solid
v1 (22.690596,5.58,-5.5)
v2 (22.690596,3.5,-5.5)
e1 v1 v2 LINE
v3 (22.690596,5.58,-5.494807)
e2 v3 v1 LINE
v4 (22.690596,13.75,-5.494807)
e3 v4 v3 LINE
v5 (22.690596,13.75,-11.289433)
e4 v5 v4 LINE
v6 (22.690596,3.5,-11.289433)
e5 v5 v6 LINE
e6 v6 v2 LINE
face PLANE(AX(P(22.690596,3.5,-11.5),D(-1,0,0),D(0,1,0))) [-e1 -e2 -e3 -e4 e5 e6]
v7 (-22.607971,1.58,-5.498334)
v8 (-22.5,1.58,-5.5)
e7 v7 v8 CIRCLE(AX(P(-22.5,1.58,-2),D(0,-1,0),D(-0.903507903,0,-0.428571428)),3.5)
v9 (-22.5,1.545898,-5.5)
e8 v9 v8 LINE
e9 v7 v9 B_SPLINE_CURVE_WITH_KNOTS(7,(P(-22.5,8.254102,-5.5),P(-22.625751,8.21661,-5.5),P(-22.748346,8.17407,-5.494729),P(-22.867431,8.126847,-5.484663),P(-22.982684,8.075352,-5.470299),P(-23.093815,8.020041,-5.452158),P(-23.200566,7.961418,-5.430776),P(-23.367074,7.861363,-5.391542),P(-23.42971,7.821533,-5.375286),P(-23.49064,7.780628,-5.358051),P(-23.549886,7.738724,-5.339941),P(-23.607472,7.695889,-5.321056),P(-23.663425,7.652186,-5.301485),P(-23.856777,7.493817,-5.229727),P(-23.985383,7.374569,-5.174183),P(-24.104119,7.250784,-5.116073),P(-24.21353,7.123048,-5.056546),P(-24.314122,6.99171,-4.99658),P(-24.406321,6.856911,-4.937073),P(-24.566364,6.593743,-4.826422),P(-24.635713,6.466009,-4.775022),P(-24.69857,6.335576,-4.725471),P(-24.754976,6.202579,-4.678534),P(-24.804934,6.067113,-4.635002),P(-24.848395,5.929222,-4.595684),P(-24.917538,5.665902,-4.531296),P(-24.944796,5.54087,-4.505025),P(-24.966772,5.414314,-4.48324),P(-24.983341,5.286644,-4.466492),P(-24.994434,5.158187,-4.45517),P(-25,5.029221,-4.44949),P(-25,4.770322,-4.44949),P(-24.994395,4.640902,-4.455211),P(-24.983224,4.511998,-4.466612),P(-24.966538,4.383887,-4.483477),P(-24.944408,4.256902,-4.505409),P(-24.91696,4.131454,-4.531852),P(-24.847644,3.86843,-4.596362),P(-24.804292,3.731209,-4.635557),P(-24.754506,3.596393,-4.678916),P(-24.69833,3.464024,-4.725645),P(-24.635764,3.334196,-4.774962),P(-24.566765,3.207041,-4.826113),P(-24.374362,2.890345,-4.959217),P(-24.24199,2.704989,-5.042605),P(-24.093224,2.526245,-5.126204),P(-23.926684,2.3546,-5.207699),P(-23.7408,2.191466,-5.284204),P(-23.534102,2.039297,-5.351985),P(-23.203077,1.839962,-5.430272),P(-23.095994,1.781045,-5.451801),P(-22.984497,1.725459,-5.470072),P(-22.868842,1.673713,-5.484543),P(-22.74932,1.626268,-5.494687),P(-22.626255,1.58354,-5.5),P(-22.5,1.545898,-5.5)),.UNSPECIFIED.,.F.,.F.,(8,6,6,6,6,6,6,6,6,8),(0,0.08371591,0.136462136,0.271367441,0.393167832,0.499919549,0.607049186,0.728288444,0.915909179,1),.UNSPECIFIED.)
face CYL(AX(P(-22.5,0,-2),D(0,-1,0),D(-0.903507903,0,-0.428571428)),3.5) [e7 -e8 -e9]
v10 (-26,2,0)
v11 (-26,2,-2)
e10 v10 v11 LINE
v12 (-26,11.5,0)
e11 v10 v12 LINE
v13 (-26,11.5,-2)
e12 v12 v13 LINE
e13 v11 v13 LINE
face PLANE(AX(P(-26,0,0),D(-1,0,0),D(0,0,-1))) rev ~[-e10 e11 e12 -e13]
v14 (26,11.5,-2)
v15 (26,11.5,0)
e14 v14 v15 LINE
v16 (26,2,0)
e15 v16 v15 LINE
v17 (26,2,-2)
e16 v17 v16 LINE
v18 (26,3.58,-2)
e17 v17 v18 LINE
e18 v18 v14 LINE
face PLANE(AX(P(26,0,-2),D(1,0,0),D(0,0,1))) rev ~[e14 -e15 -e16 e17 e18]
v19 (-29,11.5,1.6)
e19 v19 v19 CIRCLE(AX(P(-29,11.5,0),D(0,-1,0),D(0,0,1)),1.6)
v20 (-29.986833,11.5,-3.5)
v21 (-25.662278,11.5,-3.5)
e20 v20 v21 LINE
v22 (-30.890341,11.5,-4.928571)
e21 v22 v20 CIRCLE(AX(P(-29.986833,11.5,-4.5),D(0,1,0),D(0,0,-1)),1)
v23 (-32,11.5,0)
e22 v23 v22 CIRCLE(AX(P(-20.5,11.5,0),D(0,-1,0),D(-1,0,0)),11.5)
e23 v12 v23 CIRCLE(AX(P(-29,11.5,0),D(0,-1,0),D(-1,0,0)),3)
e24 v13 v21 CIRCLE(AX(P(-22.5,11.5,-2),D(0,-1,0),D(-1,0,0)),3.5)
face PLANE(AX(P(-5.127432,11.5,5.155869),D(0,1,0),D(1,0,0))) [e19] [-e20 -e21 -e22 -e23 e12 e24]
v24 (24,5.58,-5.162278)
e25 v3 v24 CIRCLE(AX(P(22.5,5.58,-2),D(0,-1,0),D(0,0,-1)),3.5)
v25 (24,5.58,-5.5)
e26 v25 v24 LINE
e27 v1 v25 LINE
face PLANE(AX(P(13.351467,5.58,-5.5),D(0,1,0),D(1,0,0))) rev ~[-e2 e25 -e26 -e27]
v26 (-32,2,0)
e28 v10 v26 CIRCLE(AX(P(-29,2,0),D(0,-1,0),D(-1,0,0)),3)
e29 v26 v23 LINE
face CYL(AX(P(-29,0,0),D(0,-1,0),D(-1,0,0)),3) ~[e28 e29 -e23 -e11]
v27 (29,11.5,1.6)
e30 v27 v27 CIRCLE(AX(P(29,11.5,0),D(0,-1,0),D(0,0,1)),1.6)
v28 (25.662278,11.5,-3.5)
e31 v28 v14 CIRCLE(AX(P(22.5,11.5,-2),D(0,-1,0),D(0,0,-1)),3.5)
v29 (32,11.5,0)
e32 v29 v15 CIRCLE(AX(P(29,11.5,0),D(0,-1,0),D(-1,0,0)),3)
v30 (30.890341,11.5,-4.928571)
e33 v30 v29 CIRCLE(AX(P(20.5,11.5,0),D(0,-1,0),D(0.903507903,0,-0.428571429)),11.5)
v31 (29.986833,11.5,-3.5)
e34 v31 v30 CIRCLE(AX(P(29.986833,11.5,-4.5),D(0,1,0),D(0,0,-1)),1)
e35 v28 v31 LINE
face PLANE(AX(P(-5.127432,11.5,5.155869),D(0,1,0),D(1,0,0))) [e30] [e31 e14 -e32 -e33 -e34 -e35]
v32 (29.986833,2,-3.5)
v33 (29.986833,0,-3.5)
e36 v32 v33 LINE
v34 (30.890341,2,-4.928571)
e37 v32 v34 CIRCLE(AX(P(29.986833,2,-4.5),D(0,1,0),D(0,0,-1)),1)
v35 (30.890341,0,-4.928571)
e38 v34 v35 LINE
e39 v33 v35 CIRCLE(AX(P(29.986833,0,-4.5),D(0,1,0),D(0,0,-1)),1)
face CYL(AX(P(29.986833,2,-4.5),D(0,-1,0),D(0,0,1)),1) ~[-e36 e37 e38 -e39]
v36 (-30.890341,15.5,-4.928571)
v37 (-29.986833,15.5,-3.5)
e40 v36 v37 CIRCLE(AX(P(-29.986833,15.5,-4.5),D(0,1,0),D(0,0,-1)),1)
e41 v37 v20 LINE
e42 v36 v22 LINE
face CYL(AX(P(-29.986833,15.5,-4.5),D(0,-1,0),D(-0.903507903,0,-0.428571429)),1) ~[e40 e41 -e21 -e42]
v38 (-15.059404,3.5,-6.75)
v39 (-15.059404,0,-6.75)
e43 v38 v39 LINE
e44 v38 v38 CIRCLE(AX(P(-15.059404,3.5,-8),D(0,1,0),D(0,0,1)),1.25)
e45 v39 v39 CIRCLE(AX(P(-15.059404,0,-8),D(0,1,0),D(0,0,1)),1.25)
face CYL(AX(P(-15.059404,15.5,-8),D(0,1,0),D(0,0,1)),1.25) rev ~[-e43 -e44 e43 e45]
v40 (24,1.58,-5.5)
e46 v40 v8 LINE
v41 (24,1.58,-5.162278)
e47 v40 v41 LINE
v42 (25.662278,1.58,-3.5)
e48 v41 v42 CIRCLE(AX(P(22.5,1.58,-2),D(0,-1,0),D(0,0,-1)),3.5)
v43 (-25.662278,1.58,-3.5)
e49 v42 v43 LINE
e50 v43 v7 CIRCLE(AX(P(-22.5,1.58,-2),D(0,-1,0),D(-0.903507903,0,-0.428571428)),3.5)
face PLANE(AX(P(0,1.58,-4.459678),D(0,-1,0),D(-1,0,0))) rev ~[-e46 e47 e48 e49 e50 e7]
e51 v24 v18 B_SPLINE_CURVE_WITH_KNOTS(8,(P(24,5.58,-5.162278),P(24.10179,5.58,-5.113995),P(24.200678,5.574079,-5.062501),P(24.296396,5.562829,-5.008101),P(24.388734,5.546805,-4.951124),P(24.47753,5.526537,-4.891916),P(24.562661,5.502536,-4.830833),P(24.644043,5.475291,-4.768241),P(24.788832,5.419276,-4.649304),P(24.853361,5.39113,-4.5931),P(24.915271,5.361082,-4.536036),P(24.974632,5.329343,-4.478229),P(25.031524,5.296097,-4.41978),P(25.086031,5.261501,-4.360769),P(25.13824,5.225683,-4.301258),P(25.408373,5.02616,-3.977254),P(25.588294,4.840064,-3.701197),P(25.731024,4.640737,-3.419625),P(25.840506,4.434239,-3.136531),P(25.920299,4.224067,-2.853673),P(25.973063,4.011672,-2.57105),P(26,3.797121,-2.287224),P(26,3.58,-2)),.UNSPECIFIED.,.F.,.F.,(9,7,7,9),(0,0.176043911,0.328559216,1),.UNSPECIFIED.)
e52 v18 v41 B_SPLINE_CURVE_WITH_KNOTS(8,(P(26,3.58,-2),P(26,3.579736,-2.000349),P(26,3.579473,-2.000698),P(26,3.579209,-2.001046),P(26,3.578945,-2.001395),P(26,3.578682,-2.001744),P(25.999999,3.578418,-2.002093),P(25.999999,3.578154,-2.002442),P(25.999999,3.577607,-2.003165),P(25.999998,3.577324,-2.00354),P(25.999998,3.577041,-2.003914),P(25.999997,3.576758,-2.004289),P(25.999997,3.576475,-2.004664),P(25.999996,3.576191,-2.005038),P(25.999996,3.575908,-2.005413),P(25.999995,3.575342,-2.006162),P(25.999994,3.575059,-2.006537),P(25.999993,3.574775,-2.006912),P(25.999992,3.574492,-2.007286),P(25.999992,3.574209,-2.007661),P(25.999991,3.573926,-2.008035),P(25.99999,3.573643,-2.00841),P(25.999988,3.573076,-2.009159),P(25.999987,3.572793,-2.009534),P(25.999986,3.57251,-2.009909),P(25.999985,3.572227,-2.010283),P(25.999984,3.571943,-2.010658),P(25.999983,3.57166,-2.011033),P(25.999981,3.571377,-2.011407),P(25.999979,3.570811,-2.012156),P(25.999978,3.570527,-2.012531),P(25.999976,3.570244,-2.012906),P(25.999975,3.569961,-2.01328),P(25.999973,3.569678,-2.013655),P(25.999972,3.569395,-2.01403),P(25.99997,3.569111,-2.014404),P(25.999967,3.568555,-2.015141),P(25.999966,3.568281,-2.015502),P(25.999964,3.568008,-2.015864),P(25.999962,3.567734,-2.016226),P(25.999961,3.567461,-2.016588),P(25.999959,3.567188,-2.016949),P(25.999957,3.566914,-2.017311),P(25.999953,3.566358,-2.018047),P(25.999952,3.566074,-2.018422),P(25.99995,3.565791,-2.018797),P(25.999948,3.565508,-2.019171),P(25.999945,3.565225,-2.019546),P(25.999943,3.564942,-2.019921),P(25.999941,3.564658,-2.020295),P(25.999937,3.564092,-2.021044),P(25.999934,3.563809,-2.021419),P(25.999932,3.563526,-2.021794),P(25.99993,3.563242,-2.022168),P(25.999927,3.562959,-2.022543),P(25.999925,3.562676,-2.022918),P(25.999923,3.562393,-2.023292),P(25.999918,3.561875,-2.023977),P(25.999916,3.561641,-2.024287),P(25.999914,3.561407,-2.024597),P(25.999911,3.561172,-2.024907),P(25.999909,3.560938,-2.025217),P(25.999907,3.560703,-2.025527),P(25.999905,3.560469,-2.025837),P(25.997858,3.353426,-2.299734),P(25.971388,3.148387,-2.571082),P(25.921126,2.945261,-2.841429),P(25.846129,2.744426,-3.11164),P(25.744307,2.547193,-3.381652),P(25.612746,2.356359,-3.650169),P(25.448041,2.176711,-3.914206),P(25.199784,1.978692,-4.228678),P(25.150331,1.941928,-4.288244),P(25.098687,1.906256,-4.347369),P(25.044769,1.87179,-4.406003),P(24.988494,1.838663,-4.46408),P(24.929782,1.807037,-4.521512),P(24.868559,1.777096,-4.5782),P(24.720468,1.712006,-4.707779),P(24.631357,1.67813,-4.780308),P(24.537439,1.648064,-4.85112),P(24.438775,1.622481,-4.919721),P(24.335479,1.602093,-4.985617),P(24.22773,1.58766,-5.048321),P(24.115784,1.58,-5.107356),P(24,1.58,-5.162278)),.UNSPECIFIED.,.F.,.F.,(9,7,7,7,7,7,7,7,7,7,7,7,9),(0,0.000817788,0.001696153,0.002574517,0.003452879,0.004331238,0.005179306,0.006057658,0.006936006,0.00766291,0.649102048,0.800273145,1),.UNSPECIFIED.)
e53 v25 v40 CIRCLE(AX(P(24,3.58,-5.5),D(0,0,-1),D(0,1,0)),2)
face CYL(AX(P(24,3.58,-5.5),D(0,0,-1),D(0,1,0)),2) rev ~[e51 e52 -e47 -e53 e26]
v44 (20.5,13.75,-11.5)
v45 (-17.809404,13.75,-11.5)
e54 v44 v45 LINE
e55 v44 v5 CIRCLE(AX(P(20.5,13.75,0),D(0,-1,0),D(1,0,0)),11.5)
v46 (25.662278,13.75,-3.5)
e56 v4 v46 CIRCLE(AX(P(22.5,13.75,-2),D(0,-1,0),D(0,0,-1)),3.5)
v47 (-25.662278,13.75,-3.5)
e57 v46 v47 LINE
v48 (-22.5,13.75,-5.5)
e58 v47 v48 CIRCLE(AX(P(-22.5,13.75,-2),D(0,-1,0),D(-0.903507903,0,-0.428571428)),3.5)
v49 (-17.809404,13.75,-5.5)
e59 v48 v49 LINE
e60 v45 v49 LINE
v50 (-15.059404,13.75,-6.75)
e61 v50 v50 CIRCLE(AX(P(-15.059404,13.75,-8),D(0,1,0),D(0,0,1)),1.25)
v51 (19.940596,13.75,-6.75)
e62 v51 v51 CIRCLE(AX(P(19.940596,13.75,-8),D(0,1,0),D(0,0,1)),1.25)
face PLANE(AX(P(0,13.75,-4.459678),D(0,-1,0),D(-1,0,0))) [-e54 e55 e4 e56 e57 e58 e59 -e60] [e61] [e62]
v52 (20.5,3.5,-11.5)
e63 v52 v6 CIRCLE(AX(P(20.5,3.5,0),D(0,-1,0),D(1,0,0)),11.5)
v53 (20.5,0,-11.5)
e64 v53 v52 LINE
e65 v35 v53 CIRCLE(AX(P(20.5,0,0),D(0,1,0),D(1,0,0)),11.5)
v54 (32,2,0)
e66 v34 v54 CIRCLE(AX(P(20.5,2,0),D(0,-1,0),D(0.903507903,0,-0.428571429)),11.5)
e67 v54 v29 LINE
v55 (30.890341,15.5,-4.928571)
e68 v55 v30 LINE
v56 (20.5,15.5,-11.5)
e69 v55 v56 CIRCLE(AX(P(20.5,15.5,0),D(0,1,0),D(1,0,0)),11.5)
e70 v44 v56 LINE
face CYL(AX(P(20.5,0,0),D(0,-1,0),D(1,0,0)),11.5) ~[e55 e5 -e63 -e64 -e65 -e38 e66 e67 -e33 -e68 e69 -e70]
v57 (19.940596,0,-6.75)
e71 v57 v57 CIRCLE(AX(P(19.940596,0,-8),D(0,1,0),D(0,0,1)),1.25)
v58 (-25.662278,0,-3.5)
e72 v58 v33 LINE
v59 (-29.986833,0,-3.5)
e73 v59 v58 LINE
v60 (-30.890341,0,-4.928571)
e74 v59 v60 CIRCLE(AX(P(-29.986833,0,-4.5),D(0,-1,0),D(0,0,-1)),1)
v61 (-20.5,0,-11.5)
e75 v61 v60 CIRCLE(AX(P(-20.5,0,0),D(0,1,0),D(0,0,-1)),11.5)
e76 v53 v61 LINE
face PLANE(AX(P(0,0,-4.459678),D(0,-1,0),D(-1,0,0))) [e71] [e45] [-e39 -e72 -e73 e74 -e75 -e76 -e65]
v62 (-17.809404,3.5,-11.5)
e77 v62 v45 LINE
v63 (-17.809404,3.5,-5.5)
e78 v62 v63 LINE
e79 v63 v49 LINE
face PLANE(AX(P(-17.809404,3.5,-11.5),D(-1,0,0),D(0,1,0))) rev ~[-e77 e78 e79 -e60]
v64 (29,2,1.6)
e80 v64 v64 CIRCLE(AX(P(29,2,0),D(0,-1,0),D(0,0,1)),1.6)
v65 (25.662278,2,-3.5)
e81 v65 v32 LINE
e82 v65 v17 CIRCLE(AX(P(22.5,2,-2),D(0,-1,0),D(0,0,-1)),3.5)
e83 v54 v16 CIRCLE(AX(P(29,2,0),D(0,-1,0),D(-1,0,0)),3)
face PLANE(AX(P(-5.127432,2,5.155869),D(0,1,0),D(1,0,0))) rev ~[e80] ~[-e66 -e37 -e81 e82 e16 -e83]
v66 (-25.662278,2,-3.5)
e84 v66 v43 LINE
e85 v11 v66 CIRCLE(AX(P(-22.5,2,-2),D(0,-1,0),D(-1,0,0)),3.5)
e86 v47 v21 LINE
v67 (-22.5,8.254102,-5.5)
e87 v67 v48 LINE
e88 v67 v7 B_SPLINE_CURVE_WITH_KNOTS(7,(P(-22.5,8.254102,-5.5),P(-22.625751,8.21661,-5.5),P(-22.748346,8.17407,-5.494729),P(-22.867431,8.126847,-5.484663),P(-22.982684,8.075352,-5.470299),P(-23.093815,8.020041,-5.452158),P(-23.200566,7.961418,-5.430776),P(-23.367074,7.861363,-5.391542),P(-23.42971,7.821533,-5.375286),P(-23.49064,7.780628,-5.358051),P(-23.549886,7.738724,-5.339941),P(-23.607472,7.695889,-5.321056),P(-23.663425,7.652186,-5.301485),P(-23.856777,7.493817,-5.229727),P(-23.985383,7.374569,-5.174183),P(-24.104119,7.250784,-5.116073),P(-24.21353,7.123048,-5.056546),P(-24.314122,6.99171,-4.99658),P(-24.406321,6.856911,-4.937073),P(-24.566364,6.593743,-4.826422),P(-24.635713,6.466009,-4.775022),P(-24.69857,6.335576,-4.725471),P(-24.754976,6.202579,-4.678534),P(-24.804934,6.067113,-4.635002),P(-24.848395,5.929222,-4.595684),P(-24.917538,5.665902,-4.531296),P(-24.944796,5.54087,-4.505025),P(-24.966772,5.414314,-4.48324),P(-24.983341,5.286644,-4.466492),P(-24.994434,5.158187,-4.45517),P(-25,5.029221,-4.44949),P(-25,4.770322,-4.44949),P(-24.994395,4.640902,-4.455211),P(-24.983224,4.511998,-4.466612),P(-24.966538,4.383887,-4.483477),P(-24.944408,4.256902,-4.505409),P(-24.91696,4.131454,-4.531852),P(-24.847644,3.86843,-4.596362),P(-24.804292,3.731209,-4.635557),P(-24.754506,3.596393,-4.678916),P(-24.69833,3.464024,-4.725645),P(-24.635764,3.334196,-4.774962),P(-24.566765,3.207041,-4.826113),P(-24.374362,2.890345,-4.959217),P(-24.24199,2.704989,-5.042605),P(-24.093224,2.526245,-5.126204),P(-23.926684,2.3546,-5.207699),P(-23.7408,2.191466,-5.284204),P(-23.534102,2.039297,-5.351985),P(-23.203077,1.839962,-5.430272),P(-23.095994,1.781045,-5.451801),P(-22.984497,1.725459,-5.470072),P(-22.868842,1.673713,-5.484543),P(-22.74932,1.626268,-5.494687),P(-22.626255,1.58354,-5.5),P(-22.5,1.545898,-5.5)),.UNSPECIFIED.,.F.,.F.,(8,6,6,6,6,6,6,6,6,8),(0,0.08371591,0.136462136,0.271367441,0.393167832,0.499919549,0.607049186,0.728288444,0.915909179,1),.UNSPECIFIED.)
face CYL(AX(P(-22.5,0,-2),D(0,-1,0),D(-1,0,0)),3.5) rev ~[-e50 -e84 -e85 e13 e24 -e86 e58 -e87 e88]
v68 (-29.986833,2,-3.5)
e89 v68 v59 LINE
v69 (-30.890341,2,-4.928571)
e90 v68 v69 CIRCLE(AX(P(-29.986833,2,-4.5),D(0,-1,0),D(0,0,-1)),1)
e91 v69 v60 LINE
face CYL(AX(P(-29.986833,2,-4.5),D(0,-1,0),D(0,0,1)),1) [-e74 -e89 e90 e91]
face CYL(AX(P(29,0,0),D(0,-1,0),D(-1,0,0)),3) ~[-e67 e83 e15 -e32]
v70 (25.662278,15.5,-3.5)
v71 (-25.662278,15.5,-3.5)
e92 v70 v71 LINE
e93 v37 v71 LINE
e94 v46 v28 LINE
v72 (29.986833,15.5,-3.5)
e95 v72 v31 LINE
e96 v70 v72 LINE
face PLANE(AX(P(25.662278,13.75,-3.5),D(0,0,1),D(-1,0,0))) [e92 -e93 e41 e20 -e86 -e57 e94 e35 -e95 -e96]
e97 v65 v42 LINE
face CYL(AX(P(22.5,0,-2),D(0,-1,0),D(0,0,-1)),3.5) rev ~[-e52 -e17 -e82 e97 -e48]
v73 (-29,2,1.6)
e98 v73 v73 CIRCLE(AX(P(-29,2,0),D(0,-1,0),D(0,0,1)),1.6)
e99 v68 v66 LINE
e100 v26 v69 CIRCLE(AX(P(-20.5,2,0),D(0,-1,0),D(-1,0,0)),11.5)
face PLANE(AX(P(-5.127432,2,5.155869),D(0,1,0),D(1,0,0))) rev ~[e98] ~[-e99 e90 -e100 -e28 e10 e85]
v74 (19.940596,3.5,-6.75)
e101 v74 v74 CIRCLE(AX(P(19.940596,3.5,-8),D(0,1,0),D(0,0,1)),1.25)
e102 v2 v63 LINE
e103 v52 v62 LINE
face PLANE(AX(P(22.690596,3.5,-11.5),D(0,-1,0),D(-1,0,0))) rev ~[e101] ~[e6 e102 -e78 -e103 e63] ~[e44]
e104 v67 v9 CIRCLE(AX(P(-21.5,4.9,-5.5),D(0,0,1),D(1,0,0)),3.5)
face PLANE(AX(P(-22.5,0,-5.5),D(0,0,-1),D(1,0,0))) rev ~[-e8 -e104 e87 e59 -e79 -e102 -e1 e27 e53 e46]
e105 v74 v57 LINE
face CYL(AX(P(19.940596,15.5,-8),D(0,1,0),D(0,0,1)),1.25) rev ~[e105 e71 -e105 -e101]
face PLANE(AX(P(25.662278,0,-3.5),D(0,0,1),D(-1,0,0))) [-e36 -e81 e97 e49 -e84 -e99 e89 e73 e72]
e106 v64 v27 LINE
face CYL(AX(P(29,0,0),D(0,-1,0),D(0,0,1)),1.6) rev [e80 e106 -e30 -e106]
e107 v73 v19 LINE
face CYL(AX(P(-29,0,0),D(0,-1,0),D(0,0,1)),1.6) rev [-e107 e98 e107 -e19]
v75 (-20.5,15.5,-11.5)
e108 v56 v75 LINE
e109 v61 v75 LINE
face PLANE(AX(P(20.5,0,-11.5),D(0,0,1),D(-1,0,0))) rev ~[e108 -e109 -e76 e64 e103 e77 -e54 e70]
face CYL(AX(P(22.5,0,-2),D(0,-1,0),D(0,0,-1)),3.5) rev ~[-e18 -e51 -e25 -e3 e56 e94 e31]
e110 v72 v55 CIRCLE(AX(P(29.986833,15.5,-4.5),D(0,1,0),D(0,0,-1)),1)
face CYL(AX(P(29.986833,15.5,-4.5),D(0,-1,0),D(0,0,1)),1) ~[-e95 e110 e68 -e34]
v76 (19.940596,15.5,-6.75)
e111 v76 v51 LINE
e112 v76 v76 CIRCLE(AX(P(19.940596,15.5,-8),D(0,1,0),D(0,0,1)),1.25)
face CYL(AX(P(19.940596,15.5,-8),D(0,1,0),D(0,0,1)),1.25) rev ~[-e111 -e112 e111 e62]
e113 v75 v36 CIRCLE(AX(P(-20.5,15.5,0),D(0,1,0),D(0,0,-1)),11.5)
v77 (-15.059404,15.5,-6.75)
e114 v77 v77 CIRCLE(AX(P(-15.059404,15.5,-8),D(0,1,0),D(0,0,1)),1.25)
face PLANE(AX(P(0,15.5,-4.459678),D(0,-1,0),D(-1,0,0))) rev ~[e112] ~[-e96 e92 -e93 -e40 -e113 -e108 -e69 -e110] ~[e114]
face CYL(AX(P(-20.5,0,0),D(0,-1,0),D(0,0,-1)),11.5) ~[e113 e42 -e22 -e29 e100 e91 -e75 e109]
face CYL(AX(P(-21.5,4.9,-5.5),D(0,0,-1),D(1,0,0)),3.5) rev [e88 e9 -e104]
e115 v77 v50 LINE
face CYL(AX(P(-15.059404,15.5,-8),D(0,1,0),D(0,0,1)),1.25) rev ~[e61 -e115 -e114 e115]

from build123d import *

# Parameters (mm, degrees)
ESQUISSE1_R             = 1.6
BOSS_EXTRU_1_DEPTH      = 15.5
ESQUISSE2_W             = 88.683684882
ESQUISSE2_H             = 17.311737923
ENL_V_MAT_EXTRU_1_DEPTH = 4
ENL_V_START             = -15.5
ESQUISSE2_2_W           = 88.683684882
ESQUISSE2_2_H           = 17.311737923
ENL_V_MAT_EXTRU_2_DEPTH = 2
ESQUISSE3_W             = 40.5
ESQUISSE3_H             = 10.25
ENL_V_MAT_EXTRU_3_DEPTH = 39.399218742
ESQUISSE4_R             = 1.25
ENL_V_MAT_EXTRU_4_DEPTH = 38.369773882
ESQUISSE5_R             = 3.5
ENL_V_MAT_EXTRU_5_DEPTH = 37.558172821
BOSS_EXTRU_2_START      = -1.75
BOSS_EXTRU_2_DEPTH      = 1.75
BOSS_EXTRU_3_START      = -15.5
BOSS_EXTRU_3_DEPTH      = 1.58
CONG_1_R                = 1


with BuildPart() as part:
    # Esquisse1 → Boss.-Extru.1 (new body)
    with BuildSketch(Plane(origin=(0, 0, 0), x_dir=(1, 0, 0), z_dir=(0, 1, 0))):
        with BuildLine():
            Line((-22.5, 5.5), (22.5, 5.5))
            ThreePointArc((22.5, 5.5), (24.974873734, 4.474873734), (26, 2))
            Line((26, 2), (26, 0))
            ThreePointArc((26, 0), (29, -3), (32, 0))
            ThreePointArc((32, 0), (28.631727984, 8.131727984), (20.5, 11.5))
            Line((20.5, 11.5), (-20.5, 11.5))
            ThreePointArc((-20.5, 11.5), (-28.631727984, 8.131727984), (-32, 0))
            ThreePointArc((-32, 0), (-29, -3), (-26, 0))
            Line((-26, 0), (-26, 2))
            ThreePointArc((-26, 2), (-24.974873734, 4.474873734), (-22.5, 5.5))
        make_face()
        with Locations(Location((-29, 0, 0), (0, 0, 270))):
            Circle(ESQUISSE1_R, mode=Mode.SUBTRACT)
        with Locations(Location((29, 0, 0), (0, 0, 270))):
            Circle(ESQUISSE1_R, mode=Mode.SUBTRACT)
    extrude(amount=BOSS_EXTRU_1_DEPTH)

    # Esquisse2 → Enlèv. mat.-Extru.1 (cut)
    with BuildSketch(Plane(origin=(0, 15.5, 0), x_dir=(1, 0, 0), z_dir=(0, 1, 0))):
        with Locations((-5.127432495, -5.155868962)):
            Rectangle(ESQUISSE2_W, ESQUISSE2_H)
    extrude(amount=-ENL_V_MAT_EXTRU_1_DEPTH, mode=Mode.SUBTRACT)

    # Esquisse2<2> → Enlèv. mat.-Extru.2 (cut)
    with BuildSketch(Plane(origin=(0, 15.5, 0), x_dir=(1, 0, 0), z_dir=(0, 1, 0)).offset(ENL_V_START)):
        with Locations((-5.127432495, -5.155868962)):
            Rectangle(ESQUISSE2_2_W, ESQUISSE2_2_H)
    extrude(amount=ENL_V_MAT_EXTRU_2_DEPTH, mode=Mode.SUBTRACT)

    # Esquisse3 → Enlèv. mat.-Extru.3 (cut, through all)
    with BuildSketch(Plane(origin=(0, 0, -11.5), x_dir=(-1, 0, 0), z_dir=(0, 0, -1))):
        with Locations((-2.440596151, 8.625)):
            Rectangle(ESQUISSE3_W, ESQUISSE3_H)
    extrude(amount=-ENL_V_MAT_EXTRU_3_DEPTH, mode=Mode.SUBTRACT)

    # Esquisse4 → Enlèv. mat.-Extru.4 (cut, through all)
    with BuildSketch(Plane(origin=(0, 15.5, 0), x_dir=(1, 0, 0), z_dir=(0, 1, 0))):
        with Locations(Location((19.940596151, 8, 0), (0, 0, 270))):
            Circle(ESQUISSE4_R)
        with Locations(Location((-15.059403849, 8, 0), (0, 0, 270))):
            Circle(ESQUISSE4_R)
    extrude(amount=-ENL_V_MAT_EXTRU_4_DEPTH, mode=Mode.SUBTRACT)

    # Esquisse5 → Enlèv. mat.-Extru.5 (cut, through all)
    with BuildSketch(Plane.XY.offset(-5.5)):
        with Locations((-21.5, 4.9)):
            Circle(ESQUISSE5_R)
        with BuildLine():
            Line((13.351466812, 5.58), (24, 5.58))
            ThreePointArc((24, 5.58), (26, 3.58), (24, 1.58))
            Line((24, 1.58), (13.351466812, 1.58))
            ThreePointArc((13.351466812, 1.58), (11.351466812, 3.58), (13.351466812, 5.58))
        make_face()
    extrude(amount=ENL_V_MAT_EXTRU_5_DEPTH, mode=Mode.SUBTRACT)

    # Esquisse6 → Boss.-Extru.2 (add)
    with BuildSketch(Plane(origin=(0, 15.5, 0), x_dir=(1, 0, 0), z_dir=(0, 1, 0)).offset(BOSS_EXTRU_2_START)):
        with BuildLine():
            Line((-22.5, 5.5), (22.5, 5.5))
            ThreePointArc((22.5, 5.5), (24.370828693, 4.958039892), (25.66227766, 3.5))
            Line((25.66227766, 3.5), (-25.66227766, 3.5))
            ThreePointArc((-25.66227766, 3.5), (-24.370828693, 4.958039892), (-22.5, 5.5))
        make_face()
    extrude(amount=BOSS_EXTRU_2_DEPTH)

    # Esquisse6<2> → Boss.-Extru.3 (add)
    with BuildSketch(Plane(origin=(0, 15.5, 0), x_dir=(1, 0, 0), z_dir=(0, 1, 0)).offset(BOSS_EXTRU_3_START)):
        with BuildLine():
            Line((-22.5, 5.5), (22.5, 5.5))
            ThreePointArc((22.5, 5.5), (24.370828693, 4.958039892), (25.66227766, 3.5))
            Line((25.66227766, 3.5), (-25.66227766, 3.5))
            ThreePointArc((-25.66227766, 3.5), (-24.370828693, 4.958039892), (-22.5, 5.5))
        make_face()
    extrude(amount=BOSS_EXTRU_3_DEPTH)

    # Congé1
    cong_1_edges = [part.edges().sort_by_distance(p)[0] for p in [
        (-31.45445115, 13.5, -3.5),
        (31.45445115, 13.5, -3.5),
        (-31.45445115, 1, -3.5),
        (31.45445115, 1, -3.5),
    ]]
    fillet(cong_1_edges, radius=CONG_1_R)


solid = part.part
